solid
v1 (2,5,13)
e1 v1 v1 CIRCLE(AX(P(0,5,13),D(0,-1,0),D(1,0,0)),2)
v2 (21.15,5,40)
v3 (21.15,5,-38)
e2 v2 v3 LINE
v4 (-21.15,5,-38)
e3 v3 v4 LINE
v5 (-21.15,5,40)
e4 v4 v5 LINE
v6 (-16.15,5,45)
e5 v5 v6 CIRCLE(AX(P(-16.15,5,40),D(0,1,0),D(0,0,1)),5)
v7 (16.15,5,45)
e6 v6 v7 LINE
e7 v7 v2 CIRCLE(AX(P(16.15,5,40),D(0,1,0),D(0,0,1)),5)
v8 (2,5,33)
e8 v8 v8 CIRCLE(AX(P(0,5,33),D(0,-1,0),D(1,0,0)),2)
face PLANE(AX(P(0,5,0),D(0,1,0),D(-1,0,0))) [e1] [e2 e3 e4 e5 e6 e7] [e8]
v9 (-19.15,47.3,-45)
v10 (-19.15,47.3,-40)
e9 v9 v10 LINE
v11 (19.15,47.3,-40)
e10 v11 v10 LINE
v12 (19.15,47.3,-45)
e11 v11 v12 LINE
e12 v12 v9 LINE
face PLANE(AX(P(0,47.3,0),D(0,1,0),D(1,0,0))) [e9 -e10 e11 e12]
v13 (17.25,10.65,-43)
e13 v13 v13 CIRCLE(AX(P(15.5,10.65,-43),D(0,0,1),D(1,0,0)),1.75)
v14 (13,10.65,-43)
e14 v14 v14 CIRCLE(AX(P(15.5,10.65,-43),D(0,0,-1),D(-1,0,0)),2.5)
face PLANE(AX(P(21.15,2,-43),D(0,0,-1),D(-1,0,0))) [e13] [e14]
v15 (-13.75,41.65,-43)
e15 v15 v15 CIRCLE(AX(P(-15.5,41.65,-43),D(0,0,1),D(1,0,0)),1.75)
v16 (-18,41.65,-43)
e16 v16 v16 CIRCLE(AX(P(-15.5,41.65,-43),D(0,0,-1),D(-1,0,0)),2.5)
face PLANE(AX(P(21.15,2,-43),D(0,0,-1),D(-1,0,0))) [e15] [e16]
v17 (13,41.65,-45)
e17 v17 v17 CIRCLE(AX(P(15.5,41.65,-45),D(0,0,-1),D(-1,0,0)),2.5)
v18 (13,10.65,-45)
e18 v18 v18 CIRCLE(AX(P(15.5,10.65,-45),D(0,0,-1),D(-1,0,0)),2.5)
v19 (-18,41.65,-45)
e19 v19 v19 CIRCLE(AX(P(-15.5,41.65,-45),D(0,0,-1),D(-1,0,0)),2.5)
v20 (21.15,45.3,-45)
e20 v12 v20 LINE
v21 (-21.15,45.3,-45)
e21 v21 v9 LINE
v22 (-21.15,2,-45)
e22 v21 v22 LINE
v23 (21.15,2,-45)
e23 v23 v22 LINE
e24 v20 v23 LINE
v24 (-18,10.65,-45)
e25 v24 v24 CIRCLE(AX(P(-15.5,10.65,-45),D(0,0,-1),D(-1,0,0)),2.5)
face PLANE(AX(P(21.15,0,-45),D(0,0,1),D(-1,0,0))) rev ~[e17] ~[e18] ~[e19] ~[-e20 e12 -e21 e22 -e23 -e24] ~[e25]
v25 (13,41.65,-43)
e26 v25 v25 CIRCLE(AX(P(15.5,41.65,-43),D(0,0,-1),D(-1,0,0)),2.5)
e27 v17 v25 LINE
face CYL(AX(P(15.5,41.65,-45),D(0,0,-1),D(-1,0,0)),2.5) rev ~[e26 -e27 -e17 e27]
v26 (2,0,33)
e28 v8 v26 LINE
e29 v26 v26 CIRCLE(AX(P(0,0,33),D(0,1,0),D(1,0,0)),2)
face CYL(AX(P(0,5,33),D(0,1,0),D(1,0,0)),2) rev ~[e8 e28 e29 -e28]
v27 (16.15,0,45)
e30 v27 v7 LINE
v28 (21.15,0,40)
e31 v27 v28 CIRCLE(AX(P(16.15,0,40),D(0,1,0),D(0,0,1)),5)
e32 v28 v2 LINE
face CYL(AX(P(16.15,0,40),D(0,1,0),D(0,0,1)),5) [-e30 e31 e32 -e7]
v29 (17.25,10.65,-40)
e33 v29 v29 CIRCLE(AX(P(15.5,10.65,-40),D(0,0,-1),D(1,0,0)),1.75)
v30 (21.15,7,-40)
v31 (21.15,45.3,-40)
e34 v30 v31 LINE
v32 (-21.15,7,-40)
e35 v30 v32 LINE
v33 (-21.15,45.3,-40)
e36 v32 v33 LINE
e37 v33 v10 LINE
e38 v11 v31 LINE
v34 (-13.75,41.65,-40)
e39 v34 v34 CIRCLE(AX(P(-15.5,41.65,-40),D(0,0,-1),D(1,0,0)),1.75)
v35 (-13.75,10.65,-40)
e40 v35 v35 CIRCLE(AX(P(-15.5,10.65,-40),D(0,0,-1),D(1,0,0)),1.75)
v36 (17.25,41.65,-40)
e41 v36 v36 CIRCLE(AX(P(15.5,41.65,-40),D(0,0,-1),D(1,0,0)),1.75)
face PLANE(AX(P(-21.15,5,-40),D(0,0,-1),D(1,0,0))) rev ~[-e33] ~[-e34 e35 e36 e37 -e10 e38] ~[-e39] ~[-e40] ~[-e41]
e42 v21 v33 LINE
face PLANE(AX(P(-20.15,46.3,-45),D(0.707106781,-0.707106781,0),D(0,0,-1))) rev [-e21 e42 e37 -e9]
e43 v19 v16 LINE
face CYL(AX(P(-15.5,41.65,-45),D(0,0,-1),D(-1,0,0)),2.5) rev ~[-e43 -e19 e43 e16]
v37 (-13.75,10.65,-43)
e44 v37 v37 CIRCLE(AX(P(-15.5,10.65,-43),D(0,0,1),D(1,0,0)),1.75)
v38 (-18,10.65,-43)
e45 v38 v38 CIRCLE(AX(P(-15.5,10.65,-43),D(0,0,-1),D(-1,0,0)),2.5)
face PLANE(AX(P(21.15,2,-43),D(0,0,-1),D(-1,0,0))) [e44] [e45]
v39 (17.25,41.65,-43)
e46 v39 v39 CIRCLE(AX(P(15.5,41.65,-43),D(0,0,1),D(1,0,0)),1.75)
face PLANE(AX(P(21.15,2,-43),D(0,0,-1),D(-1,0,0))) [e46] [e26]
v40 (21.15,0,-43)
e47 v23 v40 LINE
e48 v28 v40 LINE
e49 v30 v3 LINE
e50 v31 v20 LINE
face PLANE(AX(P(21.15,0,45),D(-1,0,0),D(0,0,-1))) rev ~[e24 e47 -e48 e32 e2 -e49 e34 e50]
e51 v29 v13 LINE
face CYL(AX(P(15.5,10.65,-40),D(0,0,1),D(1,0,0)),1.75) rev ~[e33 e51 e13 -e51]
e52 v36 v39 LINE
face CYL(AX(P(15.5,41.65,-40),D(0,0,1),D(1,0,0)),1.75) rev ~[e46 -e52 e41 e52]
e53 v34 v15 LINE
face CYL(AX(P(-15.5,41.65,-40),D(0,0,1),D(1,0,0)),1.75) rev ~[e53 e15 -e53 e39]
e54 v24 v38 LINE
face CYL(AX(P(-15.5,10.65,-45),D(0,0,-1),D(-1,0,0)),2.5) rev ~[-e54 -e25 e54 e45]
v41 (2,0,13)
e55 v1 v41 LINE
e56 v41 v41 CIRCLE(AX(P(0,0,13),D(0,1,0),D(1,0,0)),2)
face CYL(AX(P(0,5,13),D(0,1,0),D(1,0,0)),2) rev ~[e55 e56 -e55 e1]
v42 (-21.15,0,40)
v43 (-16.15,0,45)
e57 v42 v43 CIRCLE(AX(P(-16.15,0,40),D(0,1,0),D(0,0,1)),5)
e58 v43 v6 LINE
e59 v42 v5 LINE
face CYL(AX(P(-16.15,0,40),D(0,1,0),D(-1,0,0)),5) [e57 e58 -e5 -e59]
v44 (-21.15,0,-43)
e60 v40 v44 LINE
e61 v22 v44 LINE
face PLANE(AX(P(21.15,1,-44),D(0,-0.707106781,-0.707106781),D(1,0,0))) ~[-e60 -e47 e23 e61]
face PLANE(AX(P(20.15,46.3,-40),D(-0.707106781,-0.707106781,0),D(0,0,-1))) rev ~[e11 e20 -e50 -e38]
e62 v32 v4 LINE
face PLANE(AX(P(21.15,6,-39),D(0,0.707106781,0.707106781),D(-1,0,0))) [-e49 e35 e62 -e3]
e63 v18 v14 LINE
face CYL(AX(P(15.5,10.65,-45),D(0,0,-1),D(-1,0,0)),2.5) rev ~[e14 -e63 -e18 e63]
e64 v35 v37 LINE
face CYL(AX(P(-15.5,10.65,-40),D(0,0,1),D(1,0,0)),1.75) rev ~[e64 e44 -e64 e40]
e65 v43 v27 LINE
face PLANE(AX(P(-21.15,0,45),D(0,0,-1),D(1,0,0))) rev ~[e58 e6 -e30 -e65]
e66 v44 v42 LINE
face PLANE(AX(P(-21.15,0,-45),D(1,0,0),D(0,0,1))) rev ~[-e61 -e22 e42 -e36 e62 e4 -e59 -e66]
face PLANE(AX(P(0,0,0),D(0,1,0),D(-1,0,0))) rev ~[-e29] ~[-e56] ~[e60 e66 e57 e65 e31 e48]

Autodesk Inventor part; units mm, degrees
ref_plane "YZ Plane" through (0, 0, 0) normal (1, 0, 0) x (0, 1, 0)
ref_plane "XZ Plane" through (0, 0, 0) normal (0, 1, 0) x (-1, 0, 0)
ref_plane "XY Plane" through (0, 0, 0) normal (0, 0, 1) x (1, 0, 0)
sketch "Sketch1" plane through (0, 0, 0) normal (0, 1, 0) x (-1, 0, 0)
  line L0 (21.15, 45) -> (-21.15, 45)
  line L1 (-21.15, 45) -> (-21.15, -45)
  line L2 (-21.15, -45) -> (21.15, -45)
  line L3 (21.15, -45) -> (21.15, 45)
  line L4 (21.15, 45) -> (-21.15, -45) construction
  line L5 (-21.15, 45) -> (21.15, -45) construction
  point P0 (0, 0)
  dimension "d0" = 42.3
  dimension "d1" = 90
extrude "Extrusion1" add sketch "Sketch1" along normal blind 5
sketch "Sketch2" plane through (0, 5, 0) normal (0, 1, 0) x (1, 0, 0)
  line L0 (0, 0) -> (0, 42.5)
  line L1 (21.15, -45) -> (21.15, 45) projected
  line L2 (-21.15, 40) -> (21.15, 40)
  line L3 (21.15, 40) -> (21.15, 45)
  line L4 (21.15, 45) -> (-21.15, 45)
  line L5 (-21.15, 45) -> (-21.15, 40)
  line L6 (-21.15, 40) -> (21.15, 45) construction
  line L7 (21.15, 40) -> (-21.15, 45) construction
  dimension "d4" = 42.5
  dimension "d5" = 42.3
  dimension "d6" = 5
extrude "Extrusion2" add sketch "Sketch2" along normal blind 42.3
sketch "Sketch3" plane through (-21.15, 5, -40) normal (0, 0, 1) x (1, 0, 0)
  line L0 (42.3, 0) -> (0, 0) projected
  line L1 (42.3, 0) -> (42.3, 42.3) projected
  line L2 (0, 42.3) -> (42.3, 42.3) projected
  line L3 (0, 0) -> (0, 42.3) projected
  line L4 (42.3, 42.3) -> (0, 0)
  line L5 (5.65, 36.65) -> (36.65, 36.65)
  line L6 (36.65, 36.65) -> (36.65, 5.65)
  line L7 (36.65, 5.65) -> (5.65, 5.65)
  line L8 (5.65, 5.65) -> (5.65, 36.65)
  line L9 (5.65, 36.65) -> (36.65, 5.65) construction
  line L10 (36.65, 36.65) -> (5.65, 5.65) construction
  circle A0 centre (5.65, 36.65) radius 1.75
  circle A1 centre (36.65, 36.65) radius 1.75
  circle A2 centre (5.65, 5.65) radius 1.75
  circle A3 centre (36.65, 5.65) radius 1.75
  point P0 (21.15, -5)
  point P1 (21.15, 21.15)
  dimension "d9" = 31
  dimension "d10" = 31
  dimension "d11" = 3.5
  dimension "d14" = 31
  dimension "d17" = 31
extrude "Extrusion3" cut sketch "Sketch3" against normal blind 42.3 contours A2 L8 L4 | L4 L7 A2 | A1 L6 L4 | L4 L5 A1 | L8 A2 L4 | L4 A2 L7 | L6 A1 L4 | L4 A1 L5 | A0 L5 L8 | L8 L5 A0 | A3 L6 L7 | L7 L6 A3
chamfer "Chamfer1" distance 2 angle 45 1 edges at (0, 5, -40)
chamfer "Chamfer2" distance 2 angle 45 3 edges at (21.15, 47.3, -42.5) (-21.15, 47.3, -42.5) (0, 0, -45)
sketch "Sketch4" plane through (0, 5, 0) normal (0, 1, 0) x (1, 0, 0)
  line L0 (-21.15, -45) -> (21.15, -45) projected
  line L1 (0, -45) -> (0, -33)
  line L2 (0, -33) -> (0, -13)
  circle A0 centre (0, -33) radius 2
  circle A1 centre (0, -13) radius 2
  point P0 (0, 0)
  dimension "d28" = 12
  dimension "d29" = 20
  dimension "d30" = 4
  dimension "d31" = 4
sketch "Sketch5" plane through (21.15, 2, -45) normal (0, 0, -1) x (-1, 0, 0)
  circle A0 centre (5.65, 39.65) radius 1.75 projected
  circle A1 centre (36.65, 39.65) radius 1.75 projected
  circle A2 centre (5.65, 8.65) radius 1.75 projected
  circle A3 centre (36.65, 8.65) radius 1.75 projected
  circle A4 centre (5.65, 39.65) radius 2.5
  circle A5 centre (36.65, 39.65) radius 2.5
  circle A6 centre (5.65, 8.65) radius 2.5
  circle A7 centre (36.65, 8.65) radius 2.5
  point P0 (21.15, -2)
  dimension "d32" = 5
  dimension "d33" = 5
  dimension "d34" = 5
  dimension "d35" = 5
extrude "Extrusion4" cut sketch "Sketch5" against normal blind 2 contours A0 | A1 | A2 | A3 | A4 | A5 | A6 | A7
extrude "Extrusion5" cut sketch "Sketch4" against normal blind 5
fillet "Fillet1" radius 5 2 edges at (21.15, 2.5, 45) (-21.15, 2.5, 45)
properties part number "ACOPLE PARA NEMA DE CAJA"
